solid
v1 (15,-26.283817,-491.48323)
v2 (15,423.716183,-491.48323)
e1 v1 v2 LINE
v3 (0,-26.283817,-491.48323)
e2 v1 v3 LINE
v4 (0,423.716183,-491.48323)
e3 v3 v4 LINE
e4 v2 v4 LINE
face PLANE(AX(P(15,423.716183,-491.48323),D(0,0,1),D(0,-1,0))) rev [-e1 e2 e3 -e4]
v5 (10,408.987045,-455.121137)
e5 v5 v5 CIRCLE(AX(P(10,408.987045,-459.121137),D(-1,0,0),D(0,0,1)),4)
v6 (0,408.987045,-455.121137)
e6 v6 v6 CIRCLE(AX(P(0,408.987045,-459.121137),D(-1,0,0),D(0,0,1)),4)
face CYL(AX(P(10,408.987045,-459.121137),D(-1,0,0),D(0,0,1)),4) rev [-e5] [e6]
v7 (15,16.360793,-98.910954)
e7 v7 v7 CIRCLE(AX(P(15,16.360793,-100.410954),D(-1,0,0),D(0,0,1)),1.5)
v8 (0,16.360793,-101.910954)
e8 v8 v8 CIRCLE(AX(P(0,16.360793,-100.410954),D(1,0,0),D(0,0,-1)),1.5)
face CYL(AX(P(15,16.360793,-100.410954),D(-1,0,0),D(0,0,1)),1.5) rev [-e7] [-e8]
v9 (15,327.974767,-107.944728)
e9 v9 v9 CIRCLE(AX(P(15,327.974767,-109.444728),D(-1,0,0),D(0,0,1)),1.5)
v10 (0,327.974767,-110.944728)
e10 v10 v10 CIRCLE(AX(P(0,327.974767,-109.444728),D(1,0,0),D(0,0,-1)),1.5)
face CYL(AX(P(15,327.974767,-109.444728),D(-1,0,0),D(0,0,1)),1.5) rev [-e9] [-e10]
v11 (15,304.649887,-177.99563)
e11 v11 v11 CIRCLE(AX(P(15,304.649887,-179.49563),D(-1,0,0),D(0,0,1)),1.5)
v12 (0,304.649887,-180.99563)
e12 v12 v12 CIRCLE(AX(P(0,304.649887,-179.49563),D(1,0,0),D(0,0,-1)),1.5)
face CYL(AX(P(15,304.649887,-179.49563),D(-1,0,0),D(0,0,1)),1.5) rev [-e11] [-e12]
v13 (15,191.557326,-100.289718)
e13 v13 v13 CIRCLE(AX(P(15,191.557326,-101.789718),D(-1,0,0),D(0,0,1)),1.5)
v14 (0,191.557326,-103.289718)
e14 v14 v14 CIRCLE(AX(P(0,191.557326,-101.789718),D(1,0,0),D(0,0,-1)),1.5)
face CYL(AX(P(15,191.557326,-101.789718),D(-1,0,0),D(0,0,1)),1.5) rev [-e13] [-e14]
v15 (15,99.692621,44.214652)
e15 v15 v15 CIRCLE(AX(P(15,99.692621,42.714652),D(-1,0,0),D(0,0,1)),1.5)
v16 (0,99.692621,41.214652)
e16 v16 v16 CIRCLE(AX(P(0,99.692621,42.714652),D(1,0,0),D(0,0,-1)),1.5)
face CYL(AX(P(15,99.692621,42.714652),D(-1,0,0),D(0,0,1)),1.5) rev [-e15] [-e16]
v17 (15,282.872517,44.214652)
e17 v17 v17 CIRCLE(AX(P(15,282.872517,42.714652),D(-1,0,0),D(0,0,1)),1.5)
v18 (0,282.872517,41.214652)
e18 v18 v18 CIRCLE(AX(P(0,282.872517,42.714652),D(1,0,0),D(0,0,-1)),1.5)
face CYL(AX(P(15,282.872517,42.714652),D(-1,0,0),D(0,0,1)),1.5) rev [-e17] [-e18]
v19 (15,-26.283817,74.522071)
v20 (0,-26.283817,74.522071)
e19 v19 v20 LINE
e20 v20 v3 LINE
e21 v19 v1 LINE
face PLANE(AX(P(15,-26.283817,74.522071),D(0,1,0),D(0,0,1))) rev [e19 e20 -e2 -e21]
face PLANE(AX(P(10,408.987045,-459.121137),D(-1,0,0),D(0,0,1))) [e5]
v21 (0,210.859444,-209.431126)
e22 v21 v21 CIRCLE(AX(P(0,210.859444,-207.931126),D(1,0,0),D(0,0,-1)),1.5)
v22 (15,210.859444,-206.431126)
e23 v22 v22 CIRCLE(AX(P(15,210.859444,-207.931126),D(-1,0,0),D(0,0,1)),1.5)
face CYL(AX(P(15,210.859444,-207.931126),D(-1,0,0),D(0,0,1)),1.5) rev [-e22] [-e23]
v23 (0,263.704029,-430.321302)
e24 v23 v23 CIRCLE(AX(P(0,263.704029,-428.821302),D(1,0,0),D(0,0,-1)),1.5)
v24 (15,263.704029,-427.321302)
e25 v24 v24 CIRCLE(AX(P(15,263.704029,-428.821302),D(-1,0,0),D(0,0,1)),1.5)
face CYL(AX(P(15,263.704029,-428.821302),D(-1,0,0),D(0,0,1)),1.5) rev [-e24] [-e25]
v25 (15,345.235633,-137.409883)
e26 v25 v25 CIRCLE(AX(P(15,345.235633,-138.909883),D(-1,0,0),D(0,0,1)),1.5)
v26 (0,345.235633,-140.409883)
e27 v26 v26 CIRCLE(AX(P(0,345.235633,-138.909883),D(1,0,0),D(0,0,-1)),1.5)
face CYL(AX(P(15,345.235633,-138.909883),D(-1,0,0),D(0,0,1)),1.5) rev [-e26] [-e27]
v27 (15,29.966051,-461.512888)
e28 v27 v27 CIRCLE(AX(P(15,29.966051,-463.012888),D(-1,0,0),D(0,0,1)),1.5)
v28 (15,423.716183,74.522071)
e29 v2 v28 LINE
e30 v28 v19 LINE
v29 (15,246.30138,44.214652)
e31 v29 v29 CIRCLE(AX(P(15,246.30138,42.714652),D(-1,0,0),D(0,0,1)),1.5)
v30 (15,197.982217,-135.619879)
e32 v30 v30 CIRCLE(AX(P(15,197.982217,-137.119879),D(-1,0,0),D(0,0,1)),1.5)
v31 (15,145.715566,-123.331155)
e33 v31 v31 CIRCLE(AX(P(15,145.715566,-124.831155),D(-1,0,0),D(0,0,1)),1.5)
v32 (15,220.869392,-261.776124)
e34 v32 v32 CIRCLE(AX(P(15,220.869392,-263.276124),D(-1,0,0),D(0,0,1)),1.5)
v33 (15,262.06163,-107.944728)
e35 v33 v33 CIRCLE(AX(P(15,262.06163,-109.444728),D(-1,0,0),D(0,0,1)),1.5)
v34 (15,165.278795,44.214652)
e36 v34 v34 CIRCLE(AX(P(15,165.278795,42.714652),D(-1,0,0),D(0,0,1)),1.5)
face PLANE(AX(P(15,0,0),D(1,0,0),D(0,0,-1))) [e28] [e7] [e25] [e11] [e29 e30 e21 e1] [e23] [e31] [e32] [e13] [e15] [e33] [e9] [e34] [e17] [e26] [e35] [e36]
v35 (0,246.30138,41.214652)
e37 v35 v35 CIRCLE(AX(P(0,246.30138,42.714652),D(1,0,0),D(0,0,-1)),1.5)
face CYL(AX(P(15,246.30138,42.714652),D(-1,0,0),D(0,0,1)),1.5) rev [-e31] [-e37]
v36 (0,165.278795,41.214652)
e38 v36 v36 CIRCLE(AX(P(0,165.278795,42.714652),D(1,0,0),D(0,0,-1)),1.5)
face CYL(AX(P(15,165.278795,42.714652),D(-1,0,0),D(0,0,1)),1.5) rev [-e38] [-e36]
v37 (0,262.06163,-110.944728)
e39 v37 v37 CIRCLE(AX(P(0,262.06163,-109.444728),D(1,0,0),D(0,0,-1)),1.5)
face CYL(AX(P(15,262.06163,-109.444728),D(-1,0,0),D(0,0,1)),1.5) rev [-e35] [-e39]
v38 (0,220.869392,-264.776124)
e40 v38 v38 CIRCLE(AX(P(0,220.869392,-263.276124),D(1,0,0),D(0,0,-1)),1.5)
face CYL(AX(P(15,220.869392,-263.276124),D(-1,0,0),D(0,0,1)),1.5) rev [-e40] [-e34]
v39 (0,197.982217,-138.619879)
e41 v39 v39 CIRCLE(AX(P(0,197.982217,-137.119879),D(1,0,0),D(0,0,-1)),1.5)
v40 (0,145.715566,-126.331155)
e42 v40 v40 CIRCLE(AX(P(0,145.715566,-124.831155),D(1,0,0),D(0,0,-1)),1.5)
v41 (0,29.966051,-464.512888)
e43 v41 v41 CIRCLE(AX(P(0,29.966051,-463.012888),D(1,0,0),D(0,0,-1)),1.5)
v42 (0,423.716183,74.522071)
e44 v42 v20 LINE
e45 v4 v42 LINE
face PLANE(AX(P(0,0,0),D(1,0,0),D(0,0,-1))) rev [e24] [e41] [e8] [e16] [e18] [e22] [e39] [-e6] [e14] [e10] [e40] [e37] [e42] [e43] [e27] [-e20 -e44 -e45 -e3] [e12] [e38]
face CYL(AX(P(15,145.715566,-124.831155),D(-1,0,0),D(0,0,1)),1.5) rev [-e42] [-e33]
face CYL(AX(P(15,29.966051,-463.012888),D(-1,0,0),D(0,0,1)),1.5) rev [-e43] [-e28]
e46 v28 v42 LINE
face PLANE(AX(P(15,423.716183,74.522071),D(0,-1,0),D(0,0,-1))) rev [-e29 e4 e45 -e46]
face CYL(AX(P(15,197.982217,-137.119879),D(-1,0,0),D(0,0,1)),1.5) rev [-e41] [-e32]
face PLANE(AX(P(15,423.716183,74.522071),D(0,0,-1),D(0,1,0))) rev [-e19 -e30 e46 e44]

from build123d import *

# Parameters (mm, degrees)
SKETCH_1_W               = 566.00530096
SKETCH_1_H               = 450
EXTRUDE_1_DEPTH          = 15
SKETCH_3_R               = 4
CUT_EXTRUDE_1_DEPTH      = 10
CUT_EXTRUDE_2_DEPTH      = 650.088721912
CUT_EXTRUDE_2_DEPTH_BACK = 650.088721912
SKETCH_4_R               = 1.5


with BuildPart() as part:
    # Эскиз1 → Бобышка-Вытянуть1 (new body)
    with BuildSketch(Plane(origin=(0, 0, 0), x_dir=(0, 0, -1), z_dir=(1, 0, 0))):
        with Locations((208.480579539, 198.716182749)):
            Rectangle(SKETCH_1_W, SKETCH_1_H)
    extrude(amount=EXTRUDE_1_DEPTH)

    # Эскиз3 → Вырез-Вытянуть1 (cut)
    with BuildSketch(Plane.ZY):
        with Locations((-459.121136887, 408.987044781)):
            Circle(SKETCH_3_R)
    extrude(amount=-CUT_EXTRUDE_1_DEPTH, mode=Mode.SUBTRACT)

    # Эскиз4 → Вырез-Вытянуть2 (cut, two sides: drawn at the far end of the back side and taken through both)
    with BuildSketch(Plane.ZY.offset(-CUT_EXTRUDE_2_DEPTH_BACK)):
        with Locations((-138.909883055, 345.235633328)):
            Circle(SKETCH_4_R)
        with Locations((-179.495629652, 304.64988673)):
            Circle(SKETCH_4_R)
        with Locations((-263.2761242, 220.869392183)):
            Circle(SKETCH_4_R)
        with Locations((-207.931126478, 210.859443585)):
            Circle(SKETCH_4_R)
        with Locations((-137.119879485, 197.982216734)):
            Circle(SKETCH_4_R)
        with Locations((42.714652053, 165.278795224)):
            Circle(SKETCH_4_R)
        with Locations((-124.831154964, 145.715565594)):
            Circle(SKETCH_4_R)
        with Locations((42.714652053, 99.692621204)):
            Circle(SKETCH_4_R)
        with Locations((-100.410954005, 16.360792756)):
            Circle(SKETCH_4_R)
        with Locations((-101.789718427, 191.557326369)):
            Circle(SKETCH_4_R)
        with Locations((42.714652053, 246.301380308)):
            Circle(SKETCH_4_R)
        with Locations((-428.821301923, 263.704028896)):
            Circle(SKETCH_4_R)
        with Locations((42.714652053, 282.872517245)):
            Circle(SKETCH_4_R)
        with Locations((-109.444727657, 262.061630053)):
            Circle(SKETCH_4_R)
        with Locations((-109.444727657, 327.974766948)):
            Circle(SKETCH_4_R)
        with Locations((-463.012887704, 29.966051081)):
            Circle(SKETCH_4_R)
    extrude(amount=CUT_EXTRUDE_2_DEPTH + CUT_EXTRUDE_2_DEPTH_BACK, mode=Mode.SUBTRACT)


solid = part.part
